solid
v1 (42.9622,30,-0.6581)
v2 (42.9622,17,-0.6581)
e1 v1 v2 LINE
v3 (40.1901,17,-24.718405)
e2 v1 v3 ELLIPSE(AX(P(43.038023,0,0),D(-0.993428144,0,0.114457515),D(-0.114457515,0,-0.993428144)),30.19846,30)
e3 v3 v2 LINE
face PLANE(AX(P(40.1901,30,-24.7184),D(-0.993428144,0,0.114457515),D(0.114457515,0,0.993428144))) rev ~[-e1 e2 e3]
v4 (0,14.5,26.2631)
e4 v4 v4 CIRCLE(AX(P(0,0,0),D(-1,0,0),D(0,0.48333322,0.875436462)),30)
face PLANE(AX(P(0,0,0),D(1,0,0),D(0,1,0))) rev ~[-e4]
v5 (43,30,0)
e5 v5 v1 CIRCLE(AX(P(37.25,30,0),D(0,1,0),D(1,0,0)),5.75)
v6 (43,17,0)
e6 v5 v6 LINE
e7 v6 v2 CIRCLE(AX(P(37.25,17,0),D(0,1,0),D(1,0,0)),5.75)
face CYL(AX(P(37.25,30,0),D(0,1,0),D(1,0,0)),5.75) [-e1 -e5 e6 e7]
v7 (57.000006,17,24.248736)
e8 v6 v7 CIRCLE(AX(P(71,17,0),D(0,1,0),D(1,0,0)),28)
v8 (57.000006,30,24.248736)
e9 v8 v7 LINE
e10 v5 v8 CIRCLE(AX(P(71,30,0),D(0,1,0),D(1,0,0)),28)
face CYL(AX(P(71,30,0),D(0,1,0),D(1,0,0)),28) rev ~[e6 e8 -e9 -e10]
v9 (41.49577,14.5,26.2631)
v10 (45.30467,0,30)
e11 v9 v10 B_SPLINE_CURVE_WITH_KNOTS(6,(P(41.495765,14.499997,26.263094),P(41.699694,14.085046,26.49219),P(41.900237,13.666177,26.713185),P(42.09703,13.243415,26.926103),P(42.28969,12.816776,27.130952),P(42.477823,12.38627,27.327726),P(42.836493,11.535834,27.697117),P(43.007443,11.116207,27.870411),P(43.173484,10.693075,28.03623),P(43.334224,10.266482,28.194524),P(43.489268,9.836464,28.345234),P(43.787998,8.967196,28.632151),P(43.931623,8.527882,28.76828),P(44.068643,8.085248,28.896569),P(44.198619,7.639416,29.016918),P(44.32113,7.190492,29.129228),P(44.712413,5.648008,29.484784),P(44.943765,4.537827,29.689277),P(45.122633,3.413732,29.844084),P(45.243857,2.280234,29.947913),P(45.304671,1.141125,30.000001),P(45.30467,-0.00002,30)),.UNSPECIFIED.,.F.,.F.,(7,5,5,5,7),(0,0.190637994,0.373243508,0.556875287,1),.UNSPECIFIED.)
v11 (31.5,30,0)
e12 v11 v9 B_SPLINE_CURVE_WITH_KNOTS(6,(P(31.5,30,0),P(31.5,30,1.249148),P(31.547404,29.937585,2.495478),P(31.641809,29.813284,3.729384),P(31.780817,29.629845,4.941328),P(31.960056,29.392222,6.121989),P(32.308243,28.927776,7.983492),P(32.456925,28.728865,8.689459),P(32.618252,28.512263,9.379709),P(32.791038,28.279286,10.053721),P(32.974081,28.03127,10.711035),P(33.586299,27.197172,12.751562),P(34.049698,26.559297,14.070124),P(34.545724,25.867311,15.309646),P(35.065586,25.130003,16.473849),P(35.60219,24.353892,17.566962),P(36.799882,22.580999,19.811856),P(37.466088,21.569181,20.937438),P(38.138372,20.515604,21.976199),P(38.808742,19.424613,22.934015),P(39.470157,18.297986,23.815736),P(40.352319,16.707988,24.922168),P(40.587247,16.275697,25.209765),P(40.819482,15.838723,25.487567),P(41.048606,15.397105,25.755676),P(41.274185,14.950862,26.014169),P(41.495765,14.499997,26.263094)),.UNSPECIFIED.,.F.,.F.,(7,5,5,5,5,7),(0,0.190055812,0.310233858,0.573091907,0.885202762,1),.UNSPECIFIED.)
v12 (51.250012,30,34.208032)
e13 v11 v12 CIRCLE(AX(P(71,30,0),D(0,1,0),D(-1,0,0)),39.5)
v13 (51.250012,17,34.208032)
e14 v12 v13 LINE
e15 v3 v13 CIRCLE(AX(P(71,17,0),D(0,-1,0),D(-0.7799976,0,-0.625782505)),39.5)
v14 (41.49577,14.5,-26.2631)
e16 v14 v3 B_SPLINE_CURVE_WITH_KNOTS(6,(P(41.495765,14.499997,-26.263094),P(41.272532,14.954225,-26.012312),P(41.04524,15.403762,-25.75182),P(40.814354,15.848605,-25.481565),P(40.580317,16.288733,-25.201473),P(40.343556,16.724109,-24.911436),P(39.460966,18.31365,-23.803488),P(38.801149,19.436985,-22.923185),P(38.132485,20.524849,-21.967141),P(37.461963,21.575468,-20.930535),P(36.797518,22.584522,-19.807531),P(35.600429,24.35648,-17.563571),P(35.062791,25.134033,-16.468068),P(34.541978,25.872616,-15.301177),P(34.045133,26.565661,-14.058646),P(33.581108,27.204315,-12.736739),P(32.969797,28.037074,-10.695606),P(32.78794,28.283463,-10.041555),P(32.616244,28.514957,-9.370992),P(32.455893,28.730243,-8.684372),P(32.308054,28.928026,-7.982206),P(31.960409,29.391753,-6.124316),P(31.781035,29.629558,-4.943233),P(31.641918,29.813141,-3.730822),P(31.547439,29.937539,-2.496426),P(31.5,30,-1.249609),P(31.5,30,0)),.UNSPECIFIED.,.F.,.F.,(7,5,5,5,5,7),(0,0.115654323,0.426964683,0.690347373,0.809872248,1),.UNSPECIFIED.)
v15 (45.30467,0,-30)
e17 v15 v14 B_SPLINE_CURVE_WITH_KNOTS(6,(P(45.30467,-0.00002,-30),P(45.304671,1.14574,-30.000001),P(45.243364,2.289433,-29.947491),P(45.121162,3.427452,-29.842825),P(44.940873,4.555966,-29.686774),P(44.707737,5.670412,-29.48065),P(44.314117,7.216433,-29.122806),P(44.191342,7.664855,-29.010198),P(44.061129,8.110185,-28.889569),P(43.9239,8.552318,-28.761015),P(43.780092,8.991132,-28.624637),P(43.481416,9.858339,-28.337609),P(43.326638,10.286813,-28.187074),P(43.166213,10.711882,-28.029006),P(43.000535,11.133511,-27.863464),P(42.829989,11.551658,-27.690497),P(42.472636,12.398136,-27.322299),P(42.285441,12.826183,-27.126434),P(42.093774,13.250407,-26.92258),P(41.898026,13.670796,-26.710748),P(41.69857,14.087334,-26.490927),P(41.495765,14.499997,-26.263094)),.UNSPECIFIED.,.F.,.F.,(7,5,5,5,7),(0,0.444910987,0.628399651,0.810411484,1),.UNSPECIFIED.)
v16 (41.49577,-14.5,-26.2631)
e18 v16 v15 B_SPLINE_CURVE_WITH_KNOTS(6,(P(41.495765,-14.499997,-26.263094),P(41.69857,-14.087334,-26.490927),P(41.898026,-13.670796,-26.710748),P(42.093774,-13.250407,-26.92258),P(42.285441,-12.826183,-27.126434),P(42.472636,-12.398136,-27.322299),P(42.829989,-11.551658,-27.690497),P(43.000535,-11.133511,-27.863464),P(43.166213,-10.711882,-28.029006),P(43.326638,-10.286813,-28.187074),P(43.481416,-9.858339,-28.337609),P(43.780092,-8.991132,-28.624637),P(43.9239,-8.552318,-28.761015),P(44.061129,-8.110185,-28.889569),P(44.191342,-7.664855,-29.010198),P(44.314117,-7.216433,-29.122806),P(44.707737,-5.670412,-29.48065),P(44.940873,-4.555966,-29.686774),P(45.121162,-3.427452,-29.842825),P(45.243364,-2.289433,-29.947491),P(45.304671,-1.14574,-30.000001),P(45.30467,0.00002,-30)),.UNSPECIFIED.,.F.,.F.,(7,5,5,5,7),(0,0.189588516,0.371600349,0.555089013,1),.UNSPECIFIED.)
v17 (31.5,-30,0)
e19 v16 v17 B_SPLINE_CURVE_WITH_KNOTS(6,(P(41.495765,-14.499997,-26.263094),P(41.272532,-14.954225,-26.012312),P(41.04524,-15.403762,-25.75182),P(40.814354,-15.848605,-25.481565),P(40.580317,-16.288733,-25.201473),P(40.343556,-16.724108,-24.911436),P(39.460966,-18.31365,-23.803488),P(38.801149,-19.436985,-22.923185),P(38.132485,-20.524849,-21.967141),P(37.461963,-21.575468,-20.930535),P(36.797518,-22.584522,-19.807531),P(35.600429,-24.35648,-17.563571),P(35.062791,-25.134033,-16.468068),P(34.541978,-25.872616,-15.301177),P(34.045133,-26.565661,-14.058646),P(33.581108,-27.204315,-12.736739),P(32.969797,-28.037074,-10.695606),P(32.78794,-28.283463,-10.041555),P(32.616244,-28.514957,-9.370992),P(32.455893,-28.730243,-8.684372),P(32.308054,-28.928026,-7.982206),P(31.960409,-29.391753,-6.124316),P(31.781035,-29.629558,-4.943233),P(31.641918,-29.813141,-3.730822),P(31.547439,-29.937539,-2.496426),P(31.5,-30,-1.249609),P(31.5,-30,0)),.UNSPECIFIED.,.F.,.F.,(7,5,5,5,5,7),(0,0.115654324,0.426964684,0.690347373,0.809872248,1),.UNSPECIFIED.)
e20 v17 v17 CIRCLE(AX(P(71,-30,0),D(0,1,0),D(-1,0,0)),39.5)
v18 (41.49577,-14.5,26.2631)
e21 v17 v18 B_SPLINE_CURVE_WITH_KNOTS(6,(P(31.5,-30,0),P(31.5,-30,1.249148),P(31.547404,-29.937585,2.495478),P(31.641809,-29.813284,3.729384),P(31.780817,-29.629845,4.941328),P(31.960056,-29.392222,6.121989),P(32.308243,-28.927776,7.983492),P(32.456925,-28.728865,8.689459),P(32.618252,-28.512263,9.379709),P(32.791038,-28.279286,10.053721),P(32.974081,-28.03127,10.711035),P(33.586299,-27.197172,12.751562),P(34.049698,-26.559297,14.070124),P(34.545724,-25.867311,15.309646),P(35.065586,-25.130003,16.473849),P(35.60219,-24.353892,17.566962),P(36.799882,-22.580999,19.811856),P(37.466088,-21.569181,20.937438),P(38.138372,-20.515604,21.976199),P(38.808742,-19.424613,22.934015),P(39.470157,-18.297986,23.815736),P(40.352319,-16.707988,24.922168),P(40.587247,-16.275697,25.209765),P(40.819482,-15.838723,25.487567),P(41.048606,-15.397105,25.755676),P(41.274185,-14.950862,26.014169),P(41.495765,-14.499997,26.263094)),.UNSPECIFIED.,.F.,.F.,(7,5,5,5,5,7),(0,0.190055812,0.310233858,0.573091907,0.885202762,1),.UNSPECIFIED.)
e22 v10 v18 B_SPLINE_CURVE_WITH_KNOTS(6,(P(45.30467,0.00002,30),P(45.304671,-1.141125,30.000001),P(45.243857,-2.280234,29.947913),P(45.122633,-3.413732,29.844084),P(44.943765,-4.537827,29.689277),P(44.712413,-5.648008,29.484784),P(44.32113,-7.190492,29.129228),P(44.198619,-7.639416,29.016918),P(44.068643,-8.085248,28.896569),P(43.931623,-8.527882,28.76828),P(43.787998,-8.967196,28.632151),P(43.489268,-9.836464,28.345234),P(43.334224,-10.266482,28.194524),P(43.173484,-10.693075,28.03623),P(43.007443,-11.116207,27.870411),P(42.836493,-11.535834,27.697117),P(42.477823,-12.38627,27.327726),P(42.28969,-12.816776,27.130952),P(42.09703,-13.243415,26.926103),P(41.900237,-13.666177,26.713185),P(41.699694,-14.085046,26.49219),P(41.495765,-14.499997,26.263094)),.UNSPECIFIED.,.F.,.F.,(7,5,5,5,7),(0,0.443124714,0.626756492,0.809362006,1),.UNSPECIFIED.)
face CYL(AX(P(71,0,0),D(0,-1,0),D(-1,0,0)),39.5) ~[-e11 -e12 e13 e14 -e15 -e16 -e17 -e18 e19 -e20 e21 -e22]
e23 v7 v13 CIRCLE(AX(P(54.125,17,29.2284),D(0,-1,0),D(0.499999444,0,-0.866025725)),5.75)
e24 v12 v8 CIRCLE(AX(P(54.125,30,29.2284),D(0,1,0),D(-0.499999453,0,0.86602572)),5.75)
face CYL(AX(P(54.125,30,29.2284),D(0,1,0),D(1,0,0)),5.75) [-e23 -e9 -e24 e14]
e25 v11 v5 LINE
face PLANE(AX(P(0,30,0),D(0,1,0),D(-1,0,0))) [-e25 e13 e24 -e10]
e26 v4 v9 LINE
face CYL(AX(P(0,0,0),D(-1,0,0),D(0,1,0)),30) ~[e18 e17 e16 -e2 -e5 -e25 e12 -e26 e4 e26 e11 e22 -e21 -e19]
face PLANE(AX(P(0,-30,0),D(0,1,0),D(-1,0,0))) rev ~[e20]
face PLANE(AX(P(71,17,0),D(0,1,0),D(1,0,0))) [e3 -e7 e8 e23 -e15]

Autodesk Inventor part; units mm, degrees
ref_plane "YZ Plane" through (0, 0, 0) normal (1, 0, 0) x (0, 1, 0)
ref_plane "XZ Plane" through (0, 0, 0) normal (0, 1, 0) x (-1, 0, 0)
ref_plane "XY Plane" through (0, 0, 0) normal (0, 0, 1) x (1, 0, 0)
sketch "Sketch1" plane through (0, 0, 0) normal (1, 0, 0) x (0, 1, 0)
  circle A0 centre (0, 0) radius 30
  line L0 (-14.5, -26.2631) -> (-14.5, 26.2631)
  line L1 (14.5, -26.2631) -> (14.5, 26.2631)
  line L2 (0, -30) -> (0, 30) construction
  dimension "d0" = 60
  dimension "d19" = 29
extrude "Extrusion1" add sketch "Sketch1" along normal blind 71 contours A0 L1 | L0 A0
sketch "Sketch2" plane through (0, 0, 0) normal (0, 1, 0) x (-1, 0, 0)
  line L0 (-71, 26.2631) -> (-71, -26.2631) projected
  circle A0 centre (-71, 0) radius 39.5
  point P0 (0, 0)
  dimension "d3" = 79
extrude "Extrusion2" add sketch "Sketch2" along normal mid plane 60
sketch "Sketch3" plane through (0, 0, 0) normal (0, 1, 0) x (-1, 0, 0)
  circle A0 centre (-71, 0) radius 39.5 projected
  circle A1 centre (-71, 0) radius 31.5
  circle A2 centre (-71, 0) radius 39.5
  point P0 (0, 0)
  point P1 (-31.5, 0)
  point P2 (-32.9967, 10.7703)
  dimension "d12" = 79
  dimension "d13" = 63
sketch "Sketch4" plane through (71, 30, 0) normal (0, 1, 0) x (1, 0, 0)
  circle A0 centre (0, 0) radius 39.5 projected
  circle A1 centre (0, 0) radius 28
  circle A2 centre (-33.75, 0) radius 5.75
  circle A3 centre (-16.875, -29.2284) radius 5.75
  line L0 (0, 0) -> (-16.875, -29.2284) construction
  line L1 (0, 0) -> (-33.75, 0) construction
  line L2 (-23.9531, 26.2631) -> (-26.0362, 26.2631)
  line L3 (-71, 26.2631) -> (-29.5042, 26.2631) projected
  line L4 (-71, 26.2631) -> (-29.5042, 26.2631) projected
  line L5 (-29.5042, 26.2631) -> (-23.9531, 26.2631)
  point P0 (-71, 0)
  point P1 (-39.5, 0)
  point P2 (-71, 0)
  point P3 (-71, 0)
  point P4 (-28, 0)
  point P5 (-14, -24.2487)
  point P6 (-19.75, -34.208)
  point P7 (-34.3715, 23.9531)
  point P8 (-28.0594, 0.824)
  point P9 (-39.5, 0)
  point P10 (-10.7703, 38.0033)
  dimension "d20" = 56
  dimension "d21" = 60
extrude "Extrusion5" add sketch "Sketch1" along normal up to surface contours L1 A0 L0
extrude "Extrusion3" cut sketch "Sketch4" against normal blind 13 contours A0 A3 A1 A2 | A1 picked at (-5.679, -32.5969)
sketch "Sketch6" plane through (0, 30, 0) normal (0, 1, 0) x (1, 0, 0)
  arc A0 (43, 0) -> (31.5, 0) centre (37.25, 0) ccw projected
  line L0 (40.1901, 24.7184) -> (31.5, 24.7184)
  line L1 (31.5, 24.7184) -> (31.5, 0)
  circle A1 centre (71, 0) radius 39.5 projected
  line L2 (40.1901, 24.7184) -> (42.9622, 0.6581)
  arc A2 (43, 0) -> (31.5, 0) centre (37.25, 0) ccw projected
  arc A3 (43, 0) -> (57, -24.2487) centre (71, 0) ccw projected
  point P0 (0, 0)
  point P1 (42.9622, 0.6581)
  point P2 (71, -39.5)
  point P3 (32.9967, -10.7703)
  point P4 (31.5, 0)
  point P5 (31.5, 0)
extrude "Extrusion7" add sketch "Sketch6" against normal up to surface (13 mm away) contours A0 A1 L2 | L1 L0 A1 picked at (39.2874, 16.0263)
sketch "Sketch5" plane through (0, 0, 0) normal (-1, 0, 0) x (0, 0, 1)
  circle A0 centre (0, 0) radius 30 projected
  line L0 (-24.7184, 17) -> (-24.7184, 30)
  line L1 (0, 30) -> (-0.6581, 30) projected
  line L2 (-24.7184, 30) -> (0, 30)
  point P0 (34.208, 17)
  point P1 (39.5, 28)
  point P2 (-8.4816, 28.7761)
extrude "Extrusion6" cut sketch "Sketch5" against normal through all contours A0 L0 L2 L1
properties part number "hip_inventor"
